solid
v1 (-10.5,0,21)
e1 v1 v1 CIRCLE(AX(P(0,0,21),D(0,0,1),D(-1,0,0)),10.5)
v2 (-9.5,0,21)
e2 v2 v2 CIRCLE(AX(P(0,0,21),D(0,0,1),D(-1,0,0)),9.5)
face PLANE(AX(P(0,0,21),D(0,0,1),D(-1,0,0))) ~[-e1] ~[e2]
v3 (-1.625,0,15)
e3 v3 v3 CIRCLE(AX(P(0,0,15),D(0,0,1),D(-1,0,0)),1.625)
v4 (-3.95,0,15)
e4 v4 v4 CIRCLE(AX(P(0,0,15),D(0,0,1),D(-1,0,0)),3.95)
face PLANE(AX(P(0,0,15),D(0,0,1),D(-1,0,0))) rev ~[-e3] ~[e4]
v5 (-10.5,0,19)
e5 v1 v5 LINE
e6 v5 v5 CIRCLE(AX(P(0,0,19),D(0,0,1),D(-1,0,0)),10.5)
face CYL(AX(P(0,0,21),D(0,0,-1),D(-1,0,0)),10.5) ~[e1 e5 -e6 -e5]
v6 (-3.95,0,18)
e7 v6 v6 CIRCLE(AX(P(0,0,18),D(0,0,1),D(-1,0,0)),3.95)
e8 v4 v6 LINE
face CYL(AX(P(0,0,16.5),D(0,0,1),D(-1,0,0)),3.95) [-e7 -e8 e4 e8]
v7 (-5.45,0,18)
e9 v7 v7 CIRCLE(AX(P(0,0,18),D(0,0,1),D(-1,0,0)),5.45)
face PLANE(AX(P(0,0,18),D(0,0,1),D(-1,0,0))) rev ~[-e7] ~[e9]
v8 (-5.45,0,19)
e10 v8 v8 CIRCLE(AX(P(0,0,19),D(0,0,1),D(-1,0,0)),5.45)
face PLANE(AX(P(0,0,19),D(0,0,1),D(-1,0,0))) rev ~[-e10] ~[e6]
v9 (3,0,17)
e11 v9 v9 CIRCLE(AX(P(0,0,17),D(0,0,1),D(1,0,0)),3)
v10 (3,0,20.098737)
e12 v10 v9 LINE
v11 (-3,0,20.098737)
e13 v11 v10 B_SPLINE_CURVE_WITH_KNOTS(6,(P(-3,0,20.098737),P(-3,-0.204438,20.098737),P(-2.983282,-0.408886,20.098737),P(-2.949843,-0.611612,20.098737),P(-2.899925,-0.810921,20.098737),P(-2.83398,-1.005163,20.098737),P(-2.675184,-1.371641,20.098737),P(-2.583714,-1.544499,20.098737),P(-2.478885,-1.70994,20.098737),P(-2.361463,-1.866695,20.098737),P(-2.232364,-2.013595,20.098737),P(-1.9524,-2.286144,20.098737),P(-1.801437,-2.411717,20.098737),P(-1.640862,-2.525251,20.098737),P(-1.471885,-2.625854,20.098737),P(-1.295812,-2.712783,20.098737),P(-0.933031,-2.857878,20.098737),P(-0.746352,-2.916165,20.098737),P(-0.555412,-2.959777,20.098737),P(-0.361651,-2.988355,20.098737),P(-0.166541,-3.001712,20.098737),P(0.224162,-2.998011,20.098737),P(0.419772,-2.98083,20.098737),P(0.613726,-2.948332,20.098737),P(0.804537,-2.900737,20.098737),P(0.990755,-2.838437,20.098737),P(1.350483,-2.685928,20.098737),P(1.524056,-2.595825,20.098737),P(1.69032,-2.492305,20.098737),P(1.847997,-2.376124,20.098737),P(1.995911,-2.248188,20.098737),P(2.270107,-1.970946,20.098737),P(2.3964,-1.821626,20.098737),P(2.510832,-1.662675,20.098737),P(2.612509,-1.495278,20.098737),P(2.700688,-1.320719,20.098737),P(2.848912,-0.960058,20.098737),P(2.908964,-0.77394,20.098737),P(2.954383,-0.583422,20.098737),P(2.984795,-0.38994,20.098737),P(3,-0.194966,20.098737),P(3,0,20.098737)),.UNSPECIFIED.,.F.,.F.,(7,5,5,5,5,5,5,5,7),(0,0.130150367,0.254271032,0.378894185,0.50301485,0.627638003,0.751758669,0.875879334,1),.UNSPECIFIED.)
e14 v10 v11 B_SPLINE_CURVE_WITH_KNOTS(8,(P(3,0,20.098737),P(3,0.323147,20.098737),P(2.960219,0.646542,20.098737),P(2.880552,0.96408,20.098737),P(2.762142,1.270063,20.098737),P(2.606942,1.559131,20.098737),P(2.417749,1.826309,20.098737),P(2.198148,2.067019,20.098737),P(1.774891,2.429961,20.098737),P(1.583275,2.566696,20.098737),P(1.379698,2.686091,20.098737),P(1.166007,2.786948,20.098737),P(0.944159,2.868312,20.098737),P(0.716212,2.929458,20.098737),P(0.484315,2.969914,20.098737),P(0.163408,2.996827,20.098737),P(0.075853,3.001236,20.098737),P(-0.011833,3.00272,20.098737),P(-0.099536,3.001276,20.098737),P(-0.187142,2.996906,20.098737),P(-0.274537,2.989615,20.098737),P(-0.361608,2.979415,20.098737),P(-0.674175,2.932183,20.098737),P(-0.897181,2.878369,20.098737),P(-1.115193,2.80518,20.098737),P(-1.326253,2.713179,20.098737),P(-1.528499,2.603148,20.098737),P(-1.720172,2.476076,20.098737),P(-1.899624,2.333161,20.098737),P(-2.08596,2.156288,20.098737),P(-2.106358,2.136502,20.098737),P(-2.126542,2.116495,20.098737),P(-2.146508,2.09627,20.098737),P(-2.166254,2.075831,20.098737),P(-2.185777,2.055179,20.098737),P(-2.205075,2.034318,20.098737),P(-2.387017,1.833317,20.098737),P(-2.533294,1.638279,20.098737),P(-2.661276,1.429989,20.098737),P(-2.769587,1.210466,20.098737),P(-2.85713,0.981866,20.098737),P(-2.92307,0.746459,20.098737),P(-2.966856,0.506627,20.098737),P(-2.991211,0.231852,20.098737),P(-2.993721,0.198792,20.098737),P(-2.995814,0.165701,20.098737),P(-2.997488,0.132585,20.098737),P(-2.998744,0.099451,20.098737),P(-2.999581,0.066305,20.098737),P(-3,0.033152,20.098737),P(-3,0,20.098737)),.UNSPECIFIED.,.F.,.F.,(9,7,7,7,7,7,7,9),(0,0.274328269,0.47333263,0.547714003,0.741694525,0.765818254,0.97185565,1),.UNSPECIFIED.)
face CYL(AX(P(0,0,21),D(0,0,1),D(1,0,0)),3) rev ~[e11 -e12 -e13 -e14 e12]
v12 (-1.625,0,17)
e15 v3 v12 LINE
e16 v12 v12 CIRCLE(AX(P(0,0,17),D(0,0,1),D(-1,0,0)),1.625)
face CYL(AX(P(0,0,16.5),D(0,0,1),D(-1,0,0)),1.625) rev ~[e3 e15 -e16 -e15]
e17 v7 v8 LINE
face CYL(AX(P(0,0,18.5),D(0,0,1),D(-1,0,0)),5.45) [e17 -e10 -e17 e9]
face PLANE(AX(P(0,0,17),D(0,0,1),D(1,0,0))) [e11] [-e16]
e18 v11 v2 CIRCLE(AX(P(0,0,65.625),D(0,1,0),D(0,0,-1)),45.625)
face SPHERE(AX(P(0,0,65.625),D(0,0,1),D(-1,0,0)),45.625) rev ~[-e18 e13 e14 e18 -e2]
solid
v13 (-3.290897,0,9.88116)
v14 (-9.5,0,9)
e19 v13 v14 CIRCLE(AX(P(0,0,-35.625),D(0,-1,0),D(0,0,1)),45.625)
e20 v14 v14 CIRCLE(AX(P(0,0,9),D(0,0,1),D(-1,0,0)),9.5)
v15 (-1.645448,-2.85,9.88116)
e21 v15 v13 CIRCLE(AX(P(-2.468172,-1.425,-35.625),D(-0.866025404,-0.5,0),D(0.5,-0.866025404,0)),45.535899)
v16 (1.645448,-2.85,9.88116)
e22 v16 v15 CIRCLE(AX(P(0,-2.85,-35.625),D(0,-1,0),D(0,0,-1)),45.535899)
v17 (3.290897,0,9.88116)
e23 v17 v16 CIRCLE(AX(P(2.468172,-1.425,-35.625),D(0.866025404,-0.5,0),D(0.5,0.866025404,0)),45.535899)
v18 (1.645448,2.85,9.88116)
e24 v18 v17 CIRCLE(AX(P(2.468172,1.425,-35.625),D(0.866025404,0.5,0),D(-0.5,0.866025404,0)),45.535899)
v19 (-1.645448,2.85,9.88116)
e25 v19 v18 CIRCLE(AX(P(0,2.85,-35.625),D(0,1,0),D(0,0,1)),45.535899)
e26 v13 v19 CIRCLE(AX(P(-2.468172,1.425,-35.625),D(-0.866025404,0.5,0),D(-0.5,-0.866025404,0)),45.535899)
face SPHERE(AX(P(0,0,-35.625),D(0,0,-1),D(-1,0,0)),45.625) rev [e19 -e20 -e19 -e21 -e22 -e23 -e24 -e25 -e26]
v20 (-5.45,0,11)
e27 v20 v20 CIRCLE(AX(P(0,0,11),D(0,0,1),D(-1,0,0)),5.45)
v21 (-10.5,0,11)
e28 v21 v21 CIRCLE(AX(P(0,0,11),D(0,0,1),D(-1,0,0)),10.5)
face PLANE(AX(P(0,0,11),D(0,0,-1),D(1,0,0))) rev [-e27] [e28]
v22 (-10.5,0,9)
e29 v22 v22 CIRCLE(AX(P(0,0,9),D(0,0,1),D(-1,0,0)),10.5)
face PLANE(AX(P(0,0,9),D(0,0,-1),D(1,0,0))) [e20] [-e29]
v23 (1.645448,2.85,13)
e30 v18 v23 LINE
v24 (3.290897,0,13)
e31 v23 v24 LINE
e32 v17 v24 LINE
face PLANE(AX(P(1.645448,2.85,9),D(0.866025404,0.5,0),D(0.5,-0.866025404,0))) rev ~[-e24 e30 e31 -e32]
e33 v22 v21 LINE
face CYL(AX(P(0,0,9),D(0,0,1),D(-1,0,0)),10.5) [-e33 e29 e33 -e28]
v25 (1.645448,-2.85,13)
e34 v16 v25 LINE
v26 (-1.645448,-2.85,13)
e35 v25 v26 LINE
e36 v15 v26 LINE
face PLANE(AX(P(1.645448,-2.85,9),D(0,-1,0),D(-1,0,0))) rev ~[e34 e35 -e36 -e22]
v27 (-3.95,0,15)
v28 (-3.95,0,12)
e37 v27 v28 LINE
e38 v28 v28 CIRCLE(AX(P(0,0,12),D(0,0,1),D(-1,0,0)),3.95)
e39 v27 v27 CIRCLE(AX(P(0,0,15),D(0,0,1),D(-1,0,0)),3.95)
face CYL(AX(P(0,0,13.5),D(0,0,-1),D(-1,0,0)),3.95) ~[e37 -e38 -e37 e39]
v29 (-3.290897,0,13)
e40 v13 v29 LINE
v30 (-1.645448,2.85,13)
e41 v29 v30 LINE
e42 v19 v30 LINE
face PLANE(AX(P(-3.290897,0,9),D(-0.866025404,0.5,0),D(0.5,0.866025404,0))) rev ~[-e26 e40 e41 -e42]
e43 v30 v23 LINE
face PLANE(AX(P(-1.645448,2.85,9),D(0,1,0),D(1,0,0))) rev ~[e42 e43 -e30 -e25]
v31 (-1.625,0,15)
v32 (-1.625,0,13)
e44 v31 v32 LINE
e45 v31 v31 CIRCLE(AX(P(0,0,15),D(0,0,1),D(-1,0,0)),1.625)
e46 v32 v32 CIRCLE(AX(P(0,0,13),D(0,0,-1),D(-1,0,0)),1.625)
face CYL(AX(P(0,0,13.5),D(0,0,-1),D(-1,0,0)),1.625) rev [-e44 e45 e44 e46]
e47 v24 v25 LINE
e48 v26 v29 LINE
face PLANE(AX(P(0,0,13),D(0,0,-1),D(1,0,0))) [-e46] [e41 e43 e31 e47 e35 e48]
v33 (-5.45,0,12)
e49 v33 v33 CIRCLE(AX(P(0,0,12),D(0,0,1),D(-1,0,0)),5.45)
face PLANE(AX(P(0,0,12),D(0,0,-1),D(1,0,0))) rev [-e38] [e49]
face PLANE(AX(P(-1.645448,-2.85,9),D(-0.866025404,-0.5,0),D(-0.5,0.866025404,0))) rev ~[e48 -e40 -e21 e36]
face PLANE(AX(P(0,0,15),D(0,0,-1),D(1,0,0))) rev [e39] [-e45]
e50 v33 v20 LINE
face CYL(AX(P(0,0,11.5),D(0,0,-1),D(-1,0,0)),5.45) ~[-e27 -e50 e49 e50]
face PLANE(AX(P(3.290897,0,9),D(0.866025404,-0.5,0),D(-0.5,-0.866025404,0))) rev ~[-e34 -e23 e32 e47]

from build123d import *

# Parameters (mm, degrees)
F0_W     = 1.5
F0_H     = 1
F0_W_2   = 2.325
F0_H_2   = 3
F3_R     = 3
F4_DEPTH = 4
F6_DEPTH = 4


with BuildPart() as f1:
    # F0 (on Front) → F1 (revolve)
    with BuildSketch(Plane.XZ):
        with BuildLine():
            Line((-3.95, 19), (0, 19))
            Line((0, 19), (0, 20))
            ThreePointArc((0, 20), (-4.7762432936, 20.2506887105), (-9.5, 21))
            Line((-9.5, 21), (-10.5, 21))
            Line((-10.5, 21), (-10.5, 19))
            Line((-10.5, 19), (-5.45, 19))
            Line((-5.45, 19), (-3.95, 19))
        make_face()
        with Locations((-4.7, 18.5)):
            Rectangle(F0_W, F0_H)
        Polygon((-1, 18), (0, 18), (0, 19), (-3.95, 19), (-3.95, 18), (-1.625, 18), align=None)
        with Locations((-2.7875, 16.5)):
            Rectangle(F0_W_2, F0_H_2)
    revolve(axis=Axis((0, 0, 17), (0, 0, 1)))


with BuildPart() as f2_1:
    # F2: instance of F1
    add(f1.part.mirror(Plane(origin=(0, 0, 15), x_dir=(1, 0, 0), z_dir=(0, 0, -1))))

    # F5 (on face) → F6 (cut)
    with BuildSketch(Plane(origin=(0, 0, 9), x_dir=(1, 0, 0), z_dir=(0, 0, -1))):
        Polygon((1.6454482672, 2.85), (-1.6454482672, 2.85), (-3.2908965344, 0), (-1.6454482672, -2.85), (1.6454482672, -2.85), (3.2908965344, 0), align=None)
    extrude(amount=-F6_DEPTH, mode=Mode.SUBTRACT)


with BuildPart() as f1_1:
    add(f1.part)

    # F3 (on face) → F4 (cut)
    with BuildSketch(Plane.XY.offset(21)):
        Circle(F3_R)
    extrude(amount=-F4_DEPTH, mode=Mode.SUBTRACT)


solid = Compound([f2_1.part, f1_1.part])
